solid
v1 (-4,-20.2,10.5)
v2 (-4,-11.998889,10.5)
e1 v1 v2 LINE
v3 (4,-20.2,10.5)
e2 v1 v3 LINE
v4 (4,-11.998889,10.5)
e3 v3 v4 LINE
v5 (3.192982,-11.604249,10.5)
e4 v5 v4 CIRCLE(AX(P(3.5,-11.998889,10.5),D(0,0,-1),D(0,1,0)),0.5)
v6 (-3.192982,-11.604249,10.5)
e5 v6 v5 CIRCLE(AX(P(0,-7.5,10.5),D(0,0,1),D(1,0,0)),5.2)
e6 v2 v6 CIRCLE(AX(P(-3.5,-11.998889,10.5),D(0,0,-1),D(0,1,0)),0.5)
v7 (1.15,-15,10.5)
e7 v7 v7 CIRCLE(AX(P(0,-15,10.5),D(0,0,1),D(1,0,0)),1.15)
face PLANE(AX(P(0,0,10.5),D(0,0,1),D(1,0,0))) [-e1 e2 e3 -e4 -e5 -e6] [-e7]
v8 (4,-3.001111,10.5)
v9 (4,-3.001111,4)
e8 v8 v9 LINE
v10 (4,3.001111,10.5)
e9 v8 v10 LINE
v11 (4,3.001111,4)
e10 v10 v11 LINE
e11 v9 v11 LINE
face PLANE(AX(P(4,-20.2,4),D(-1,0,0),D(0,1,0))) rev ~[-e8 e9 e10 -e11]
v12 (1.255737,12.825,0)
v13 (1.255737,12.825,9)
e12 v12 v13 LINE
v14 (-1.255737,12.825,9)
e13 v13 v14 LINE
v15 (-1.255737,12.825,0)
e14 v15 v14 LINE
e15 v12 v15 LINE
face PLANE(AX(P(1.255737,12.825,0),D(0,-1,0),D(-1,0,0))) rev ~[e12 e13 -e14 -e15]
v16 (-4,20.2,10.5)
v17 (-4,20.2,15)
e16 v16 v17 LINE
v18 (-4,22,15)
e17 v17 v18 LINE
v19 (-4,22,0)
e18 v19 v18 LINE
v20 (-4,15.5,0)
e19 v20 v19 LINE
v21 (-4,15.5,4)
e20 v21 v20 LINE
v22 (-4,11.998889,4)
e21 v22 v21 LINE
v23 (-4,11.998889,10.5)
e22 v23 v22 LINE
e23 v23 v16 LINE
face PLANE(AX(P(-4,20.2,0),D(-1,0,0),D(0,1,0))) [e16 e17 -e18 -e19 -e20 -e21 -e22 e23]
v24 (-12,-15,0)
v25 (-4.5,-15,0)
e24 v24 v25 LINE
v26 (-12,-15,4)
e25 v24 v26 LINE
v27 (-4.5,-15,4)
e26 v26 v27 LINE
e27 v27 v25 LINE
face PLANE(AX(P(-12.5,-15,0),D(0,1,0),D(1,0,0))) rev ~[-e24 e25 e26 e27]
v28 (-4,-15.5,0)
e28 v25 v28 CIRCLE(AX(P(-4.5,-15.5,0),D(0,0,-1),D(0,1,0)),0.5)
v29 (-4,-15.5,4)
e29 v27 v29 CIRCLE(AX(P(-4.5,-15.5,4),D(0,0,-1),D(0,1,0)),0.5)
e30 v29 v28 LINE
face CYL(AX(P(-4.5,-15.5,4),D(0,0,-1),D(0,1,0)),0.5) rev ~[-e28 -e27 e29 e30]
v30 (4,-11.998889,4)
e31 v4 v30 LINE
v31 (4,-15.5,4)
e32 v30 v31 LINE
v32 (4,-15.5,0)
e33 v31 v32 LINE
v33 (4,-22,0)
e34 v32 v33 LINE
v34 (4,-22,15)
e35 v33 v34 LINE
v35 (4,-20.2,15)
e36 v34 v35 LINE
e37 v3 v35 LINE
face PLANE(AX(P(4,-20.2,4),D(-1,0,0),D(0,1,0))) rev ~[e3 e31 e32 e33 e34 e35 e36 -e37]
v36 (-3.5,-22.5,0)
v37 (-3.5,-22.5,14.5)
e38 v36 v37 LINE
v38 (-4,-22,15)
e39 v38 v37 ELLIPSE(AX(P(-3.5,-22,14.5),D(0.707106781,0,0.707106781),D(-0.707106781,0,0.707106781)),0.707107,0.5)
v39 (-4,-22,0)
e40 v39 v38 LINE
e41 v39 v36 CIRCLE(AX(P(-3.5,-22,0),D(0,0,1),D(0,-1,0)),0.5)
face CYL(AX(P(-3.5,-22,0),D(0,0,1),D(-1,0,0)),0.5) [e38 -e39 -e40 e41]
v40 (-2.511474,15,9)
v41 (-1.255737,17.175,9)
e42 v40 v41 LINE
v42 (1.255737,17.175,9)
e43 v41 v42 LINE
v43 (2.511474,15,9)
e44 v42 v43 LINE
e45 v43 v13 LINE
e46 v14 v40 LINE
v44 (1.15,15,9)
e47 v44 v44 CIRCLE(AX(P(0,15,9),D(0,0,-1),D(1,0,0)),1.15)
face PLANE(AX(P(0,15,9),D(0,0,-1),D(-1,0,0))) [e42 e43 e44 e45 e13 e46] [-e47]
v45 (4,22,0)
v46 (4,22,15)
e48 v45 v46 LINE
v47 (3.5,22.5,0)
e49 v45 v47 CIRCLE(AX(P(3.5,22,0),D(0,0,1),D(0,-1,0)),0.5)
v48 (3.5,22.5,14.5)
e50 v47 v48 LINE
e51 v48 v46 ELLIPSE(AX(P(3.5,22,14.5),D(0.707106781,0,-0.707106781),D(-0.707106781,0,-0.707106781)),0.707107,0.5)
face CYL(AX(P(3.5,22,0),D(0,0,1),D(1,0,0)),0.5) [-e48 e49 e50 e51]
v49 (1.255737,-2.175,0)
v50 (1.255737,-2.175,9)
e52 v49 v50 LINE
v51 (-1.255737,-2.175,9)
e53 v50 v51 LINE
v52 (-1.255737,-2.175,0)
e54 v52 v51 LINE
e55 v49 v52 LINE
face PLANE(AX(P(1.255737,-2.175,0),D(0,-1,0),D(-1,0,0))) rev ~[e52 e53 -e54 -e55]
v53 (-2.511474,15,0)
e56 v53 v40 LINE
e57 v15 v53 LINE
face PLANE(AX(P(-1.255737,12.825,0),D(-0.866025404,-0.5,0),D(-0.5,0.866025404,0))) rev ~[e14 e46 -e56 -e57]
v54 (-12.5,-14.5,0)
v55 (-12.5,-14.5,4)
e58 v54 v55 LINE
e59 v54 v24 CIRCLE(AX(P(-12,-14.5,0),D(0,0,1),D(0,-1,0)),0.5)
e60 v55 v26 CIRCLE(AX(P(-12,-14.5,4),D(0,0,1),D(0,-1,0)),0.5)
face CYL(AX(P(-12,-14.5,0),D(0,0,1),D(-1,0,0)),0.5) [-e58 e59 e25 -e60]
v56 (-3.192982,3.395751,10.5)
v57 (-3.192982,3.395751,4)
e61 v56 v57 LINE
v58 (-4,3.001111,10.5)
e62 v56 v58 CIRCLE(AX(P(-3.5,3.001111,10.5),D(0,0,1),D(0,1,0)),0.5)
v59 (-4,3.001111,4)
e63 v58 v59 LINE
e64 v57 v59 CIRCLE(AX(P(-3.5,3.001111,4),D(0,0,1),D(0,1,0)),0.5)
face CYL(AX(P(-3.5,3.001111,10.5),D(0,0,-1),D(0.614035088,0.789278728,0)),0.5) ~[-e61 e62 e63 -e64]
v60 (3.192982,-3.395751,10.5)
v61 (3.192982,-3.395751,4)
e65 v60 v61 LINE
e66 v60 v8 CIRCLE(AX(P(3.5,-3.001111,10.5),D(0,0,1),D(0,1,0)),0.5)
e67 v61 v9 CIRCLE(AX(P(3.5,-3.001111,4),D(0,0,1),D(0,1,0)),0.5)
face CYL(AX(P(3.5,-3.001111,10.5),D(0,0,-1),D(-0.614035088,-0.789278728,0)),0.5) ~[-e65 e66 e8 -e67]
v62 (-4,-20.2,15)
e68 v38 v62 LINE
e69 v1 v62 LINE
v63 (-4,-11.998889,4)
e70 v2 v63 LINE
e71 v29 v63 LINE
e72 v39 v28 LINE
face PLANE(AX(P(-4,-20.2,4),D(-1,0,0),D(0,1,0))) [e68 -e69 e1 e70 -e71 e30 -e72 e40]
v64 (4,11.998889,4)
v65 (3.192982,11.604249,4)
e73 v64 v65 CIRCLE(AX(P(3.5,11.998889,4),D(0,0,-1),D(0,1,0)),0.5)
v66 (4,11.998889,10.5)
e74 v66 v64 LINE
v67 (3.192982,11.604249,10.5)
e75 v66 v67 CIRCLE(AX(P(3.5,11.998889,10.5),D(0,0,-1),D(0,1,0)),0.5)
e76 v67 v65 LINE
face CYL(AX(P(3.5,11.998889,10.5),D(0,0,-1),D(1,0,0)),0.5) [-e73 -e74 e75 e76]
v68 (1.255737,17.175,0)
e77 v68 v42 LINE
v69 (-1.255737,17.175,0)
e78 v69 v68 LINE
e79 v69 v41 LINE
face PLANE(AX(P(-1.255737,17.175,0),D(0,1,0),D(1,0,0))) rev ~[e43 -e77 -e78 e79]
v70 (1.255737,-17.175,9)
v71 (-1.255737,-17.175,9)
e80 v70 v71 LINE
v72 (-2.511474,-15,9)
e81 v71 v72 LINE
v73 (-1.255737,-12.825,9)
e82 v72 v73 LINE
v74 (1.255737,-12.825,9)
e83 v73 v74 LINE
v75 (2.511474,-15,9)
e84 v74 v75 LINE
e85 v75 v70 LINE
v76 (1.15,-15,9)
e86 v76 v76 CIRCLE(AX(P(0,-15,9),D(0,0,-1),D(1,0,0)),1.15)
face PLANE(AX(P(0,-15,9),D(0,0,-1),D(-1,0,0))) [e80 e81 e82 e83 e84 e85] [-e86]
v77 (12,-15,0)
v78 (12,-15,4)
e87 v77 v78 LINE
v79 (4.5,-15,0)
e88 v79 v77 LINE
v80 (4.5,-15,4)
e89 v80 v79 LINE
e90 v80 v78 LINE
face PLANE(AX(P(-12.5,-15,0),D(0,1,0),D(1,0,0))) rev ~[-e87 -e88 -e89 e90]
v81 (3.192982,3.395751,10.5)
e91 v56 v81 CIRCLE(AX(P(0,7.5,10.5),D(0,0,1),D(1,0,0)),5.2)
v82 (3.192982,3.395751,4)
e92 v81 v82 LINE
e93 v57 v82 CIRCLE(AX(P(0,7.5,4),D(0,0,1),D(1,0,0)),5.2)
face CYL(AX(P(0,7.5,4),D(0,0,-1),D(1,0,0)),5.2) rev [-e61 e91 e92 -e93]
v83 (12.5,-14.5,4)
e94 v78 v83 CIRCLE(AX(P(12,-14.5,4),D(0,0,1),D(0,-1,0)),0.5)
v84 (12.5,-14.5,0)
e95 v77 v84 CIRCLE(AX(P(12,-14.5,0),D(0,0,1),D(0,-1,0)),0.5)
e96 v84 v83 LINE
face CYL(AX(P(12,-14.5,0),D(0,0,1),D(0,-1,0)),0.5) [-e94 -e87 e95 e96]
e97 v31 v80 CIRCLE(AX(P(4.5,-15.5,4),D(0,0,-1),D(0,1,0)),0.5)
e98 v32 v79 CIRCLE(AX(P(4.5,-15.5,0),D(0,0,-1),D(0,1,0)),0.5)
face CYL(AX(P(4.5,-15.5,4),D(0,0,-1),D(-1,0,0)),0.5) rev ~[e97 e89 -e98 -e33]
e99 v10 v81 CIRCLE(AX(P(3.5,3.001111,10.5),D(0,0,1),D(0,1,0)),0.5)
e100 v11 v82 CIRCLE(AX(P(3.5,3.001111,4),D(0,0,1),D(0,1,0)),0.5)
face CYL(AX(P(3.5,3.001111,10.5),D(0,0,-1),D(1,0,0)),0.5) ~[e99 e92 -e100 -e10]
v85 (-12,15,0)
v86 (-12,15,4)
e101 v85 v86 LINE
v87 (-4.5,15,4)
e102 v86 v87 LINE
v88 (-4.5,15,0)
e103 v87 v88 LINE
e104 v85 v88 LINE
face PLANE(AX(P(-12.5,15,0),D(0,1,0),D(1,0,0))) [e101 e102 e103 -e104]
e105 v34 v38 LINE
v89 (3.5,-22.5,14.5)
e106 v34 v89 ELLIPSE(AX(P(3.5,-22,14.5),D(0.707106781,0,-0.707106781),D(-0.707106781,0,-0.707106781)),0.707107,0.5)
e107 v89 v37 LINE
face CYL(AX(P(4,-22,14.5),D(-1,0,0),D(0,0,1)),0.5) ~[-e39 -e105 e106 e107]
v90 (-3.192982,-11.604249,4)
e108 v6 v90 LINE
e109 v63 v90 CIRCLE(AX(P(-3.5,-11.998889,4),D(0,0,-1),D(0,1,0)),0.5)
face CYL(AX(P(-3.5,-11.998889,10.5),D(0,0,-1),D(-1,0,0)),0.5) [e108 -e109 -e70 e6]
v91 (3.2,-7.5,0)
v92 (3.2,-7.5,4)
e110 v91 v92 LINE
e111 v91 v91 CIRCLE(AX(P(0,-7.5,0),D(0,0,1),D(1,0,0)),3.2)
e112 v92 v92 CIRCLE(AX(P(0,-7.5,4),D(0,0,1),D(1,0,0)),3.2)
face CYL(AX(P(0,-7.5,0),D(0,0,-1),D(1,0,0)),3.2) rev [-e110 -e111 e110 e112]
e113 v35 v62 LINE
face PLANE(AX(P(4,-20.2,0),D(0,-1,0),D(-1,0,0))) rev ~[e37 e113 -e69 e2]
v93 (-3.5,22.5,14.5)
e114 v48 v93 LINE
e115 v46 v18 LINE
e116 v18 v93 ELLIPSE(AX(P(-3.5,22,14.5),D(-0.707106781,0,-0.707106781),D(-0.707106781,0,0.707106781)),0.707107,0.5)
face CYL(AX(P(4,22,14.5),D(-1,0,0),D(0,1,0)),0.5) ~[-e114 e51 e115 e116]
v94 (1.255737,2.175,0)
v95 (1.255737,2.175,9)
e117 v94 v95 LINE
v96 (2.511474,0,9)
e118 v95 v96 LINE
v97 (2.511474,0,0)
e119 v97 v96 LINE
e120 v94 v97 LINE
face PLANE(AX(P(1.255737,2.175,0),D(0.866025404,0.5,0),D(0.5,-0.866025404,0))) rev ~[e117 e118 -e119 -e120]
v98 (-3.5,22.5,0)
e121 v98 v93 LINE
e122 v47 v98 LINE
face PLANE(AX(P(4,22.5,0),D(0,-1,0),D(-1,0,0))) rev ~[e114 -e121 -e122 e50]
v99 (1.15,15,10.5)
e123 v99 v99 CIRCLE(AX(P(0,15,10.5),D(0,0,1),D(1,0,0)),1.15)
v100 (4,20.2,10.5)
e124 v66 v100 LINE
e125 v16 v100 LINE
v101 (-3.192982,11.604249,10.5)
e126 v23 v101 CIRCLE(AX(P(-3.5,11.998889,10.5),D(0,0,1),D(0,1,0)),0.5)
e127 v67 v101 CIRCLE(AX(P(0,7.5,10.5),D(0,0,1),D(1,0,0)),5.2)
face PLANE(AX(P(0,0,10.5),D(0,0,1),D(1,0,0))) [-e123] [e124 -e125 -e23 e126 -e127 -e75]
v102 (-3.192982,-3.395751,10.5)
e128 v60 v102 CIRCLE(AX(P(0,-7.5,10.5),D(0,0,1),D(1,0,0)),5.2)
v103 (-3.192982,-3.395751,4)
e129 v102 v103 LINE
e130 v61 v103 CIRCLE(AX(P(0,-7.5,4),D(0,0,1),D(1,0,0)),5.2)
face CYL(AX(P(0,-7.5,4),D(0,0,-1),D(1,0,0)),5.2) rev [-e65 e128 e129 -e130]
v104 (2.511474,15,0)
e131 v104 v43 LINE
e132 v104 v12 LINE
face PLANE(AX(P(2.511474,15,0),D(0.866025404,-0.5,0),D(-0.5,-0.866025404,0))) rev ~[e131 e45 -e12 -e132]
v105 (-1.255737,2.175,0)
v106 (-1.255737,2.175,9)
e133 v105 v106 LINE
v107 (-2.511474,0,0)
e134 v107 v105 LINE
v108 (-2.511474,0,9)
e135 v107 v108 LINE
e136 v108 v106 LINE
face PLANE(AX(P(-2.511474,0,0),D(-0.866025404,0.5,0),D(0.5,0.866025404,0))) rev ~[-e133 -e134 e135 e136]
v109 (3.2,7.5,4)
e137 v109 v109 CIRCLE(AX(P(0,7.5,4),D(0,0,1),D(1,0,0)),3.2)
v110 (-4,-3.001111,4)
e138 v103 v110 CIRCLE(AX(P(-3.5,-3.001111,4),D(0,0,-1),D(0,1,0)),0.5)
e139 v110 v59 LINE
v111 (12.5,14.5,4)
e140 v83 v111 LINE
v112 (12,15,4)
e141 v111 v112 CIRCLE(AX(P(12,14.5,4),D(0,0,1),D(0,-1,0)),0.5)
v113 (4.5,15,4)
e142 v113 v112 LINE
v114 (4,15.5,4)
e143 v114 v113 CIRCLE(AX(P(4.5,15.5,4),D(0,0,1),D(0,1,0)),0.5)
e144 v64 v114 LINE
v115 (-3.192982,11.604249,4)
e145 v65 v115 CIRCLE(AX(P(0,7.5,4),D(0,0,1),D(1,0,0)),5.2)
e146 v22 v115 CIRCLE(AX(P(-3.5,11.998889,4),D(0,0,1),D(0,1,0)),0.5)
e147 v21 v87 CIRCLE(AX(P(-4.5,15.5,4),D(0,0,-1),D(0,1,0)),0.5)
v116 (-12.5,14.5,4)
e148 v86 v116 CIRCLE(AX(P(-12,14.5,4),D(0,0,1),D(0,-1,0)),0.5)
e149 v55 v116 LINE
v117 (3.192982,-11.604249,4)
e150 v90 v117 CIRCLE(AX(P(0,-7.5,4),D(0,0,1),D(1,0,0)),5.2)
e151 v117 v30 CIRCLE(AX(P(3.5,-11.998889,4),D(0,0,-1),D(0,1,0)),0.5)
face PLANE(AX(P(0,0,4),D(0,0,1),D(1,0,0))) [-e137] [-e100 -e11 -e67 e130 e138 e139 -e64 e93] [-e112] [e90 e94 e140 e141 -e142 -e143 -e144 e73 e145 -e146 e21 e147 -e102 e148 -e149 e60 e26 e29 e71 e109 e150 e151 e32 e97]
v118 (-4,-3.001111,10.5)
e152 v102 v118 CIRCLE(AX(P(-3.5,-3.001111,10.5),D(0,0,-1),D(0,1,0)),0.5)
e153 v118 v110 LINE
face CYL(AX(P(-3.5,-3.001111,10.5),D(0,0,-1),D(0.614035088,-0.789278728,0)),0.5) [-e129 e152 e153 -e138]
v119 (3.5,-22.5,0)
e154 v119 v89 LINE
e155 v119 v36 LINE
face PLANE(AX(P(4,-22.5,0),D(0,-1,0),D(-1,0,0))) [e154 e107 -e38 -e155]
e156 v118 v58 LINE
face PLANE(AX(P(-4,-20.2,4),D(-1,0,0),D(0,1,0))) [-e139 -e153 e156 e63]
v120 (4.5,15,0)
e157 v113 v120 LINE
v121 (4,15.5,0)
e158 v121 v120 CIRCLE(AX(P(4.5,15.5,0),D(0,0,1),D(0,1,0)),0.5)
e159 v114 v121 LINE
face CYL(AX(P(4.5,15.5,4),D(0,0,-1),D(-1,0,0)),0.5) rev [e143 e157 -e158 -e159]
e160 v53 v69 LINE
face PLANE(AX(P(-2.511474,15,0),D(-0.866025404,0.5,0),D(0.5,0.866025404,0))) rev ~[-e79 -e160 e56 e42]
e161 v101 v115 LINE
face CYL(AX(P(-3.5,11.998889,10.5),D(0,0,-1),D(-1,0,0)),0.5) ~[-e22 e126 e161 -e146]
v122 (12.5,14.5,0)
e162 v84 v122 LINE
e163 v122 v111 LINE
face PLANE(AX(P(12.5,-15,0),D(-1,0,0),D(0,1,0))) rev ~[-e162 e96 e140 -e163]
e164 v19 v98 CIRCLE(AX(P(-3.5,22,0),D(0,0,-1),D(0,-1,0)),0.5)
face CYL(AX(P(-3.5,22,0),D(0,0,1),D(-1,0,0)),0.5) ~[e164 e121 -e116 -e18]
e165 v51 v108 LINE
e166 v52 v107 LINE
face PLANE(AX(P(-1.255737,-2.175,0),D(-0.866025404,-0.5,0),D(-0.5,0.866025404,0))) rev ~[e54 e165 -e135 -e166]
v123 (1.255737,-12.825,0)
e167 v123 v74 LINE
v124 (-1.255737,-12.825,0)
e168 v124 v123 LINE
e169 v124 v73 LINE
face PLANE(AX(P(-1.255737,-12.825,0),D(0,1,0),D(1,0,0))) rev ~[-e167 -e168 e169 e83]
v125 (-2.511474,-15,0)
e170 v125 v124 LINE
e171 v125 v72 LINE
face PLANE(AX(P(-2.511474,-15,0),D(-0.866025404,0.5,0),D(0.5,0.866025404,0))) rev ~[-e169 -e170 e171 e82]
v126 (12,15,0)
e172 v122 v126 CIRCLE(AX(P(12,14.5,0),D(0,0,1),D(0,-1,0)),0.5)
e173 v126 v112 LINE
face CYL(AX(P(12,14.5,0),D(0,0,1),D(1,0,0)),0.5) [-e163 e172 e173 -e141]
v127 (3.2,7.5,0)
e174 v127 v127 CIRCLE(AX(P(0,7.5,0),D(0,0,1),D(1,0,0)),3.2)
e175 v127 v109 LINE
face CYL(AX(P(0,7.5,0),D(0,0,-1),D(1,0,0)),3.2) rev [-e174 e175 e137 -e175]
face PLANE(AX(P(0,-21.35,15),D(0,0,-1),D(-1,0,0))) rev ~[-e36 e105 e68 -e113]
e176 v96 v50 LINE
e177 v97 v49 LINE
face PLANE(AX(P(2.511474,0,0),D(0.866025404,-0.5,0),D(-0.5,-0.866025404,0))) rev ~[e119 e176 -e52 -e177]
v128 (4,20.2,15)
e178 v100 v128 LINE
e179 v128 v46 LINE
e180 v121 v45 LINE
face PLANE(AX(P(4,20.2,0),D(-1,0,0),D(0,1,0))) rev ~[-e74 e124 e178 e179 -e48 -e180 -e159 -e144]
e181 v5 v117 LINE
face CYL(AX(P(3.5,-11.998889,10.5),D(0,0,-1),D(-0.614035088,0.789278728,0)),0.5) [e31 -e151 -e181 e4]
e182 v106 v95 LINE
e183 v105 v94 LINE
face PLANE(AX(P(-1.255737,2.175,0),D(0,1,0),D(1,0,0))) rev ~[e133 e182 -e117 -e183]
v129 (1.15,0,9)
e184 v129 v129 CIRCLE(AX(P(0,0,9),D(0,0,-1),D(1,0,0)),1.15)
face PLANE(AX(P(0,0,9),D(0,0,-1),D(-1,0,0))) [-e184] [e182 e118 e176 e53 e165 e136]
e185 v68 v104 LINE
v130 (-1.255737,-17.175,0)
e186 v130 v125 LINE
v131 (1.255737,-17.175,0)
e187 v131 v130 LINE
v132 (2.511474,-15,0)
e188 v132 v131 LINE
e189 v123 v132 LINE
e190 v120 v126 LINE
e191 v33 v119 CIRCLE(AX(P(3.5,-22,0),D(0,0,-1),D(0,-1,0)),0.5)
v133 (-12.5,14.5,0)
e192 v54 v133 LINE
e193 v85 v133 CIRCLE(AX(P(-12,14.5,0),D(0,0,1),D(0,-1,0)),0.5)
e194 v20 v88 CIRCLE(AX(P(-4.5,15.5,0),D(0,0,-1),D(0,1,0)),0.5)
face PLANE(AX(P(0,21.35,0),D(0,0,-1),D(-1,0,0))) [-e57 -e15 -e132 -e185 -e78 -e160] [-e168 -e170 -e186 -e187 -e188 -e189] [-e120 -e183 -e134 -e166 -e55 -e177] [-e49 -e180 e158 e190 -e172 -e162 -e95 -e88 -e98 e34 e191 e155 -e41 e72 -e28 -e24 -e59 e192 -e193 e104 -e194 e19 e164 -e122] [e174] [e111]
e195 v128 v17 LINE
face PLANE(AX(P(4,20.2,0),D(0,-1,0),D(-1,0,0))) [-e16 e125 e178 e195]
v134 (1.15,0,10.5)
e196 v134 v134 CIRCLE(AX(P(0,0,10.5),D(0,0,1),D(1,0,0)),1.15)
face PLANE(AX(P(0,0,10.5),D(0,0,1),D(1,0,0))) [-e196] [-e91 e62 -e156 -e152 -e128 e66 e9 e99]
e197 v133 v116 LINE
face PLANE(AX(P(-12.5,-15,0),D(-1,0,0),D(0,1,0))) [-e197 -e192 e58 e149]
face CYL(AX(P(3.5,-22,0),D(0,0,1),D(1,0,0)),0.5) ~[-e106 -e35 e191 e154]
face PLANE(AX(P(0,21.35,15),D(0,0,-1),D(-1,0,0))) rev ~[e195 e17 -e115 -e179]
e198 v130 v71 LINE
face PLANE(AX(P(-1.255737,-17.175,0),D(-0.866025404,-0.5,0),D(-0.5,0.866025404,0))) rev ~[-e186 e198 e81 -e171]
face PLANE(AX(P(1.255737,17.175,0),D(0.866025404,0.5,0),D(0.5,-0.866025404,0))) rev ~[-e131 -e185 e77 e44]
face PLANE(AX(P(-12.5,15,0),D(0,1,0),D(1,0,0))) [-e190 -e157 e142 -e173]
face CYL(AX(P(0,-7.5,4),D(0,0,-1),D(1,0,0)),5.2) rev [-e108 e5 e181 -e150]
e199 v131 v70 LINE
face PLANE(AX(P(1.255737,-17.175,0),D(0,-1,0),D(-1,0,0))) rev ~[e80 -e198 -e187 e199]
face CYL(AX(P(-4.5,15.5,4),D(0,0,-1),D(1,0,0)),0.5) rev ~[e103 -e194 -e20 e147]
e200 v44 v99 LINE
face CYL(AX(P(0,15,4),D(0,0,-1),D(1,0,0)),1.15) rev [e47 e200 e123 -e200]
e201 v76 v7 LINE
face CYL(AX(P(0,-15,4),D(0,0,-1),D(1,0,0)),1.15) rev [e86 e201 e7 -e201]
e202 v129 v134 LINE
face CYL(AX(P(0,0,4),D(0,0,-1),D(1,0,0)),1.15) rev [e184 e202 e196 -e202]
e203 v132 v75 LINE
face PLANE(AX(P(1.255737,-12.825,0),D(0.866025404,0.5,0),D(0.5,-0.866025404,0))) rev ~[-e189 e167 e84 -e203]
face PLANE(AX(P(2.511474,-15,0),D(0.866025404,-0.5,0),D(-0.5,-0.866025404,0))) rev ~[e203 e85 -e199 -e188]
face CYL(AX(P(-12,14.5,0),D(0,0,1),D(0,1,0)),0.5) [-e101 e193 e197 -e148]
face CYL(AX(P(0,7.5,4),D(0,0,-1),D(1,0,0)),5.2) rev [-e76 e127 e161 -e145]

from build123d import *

# Parameters (mm, degrees)
SKETCH_1_W          = 25
SKETCH_1_H          = 30
SKETCH_1_R          = 3.2
EXTRUDE_1_DEPTH     = 4
SKETCH_2_W          = 8
SKETCH_2_H          = 40.4
SKETCH_2_R          = 1.15
EXTRUDE_2_DEPTH     = 6.5
SKETCH_5_R          = 5.2
CUT_EXTRUDE_1_DEPTH = 6.5
SKETCH_6_W          = 8
SKETCH_6_H          = 5.2
EXTRUDE_4_DEPTH     = 4
CUT_EXTRUDE_2_DEPTH = 9
SKETCH_8_W          = 8
SKETCH_8_H          = 2.3
EXTRUDE_5_DEPTH     = 15
FILLET_2_R          = 0.5


with BuildPart() as part:
    # 스케치1 → 보스-돌출1 (new body)
    with BuildSketch(Plane.XY):
        Rectangle(SKETCH_1_W, SKETCH_1_H)
        with Locations((0, 7.5)):
            Circle(SKETCH_1_R, mode=Mode.SUBTRACT)
        with Locations((0, -7.5)):
            Circle(SKETCH_1_R, mode=Mode.SUBTRACT)
    extrude(amount=EXTRUDE_1_DEPTH)

    # 스케치2 → 보스-돌출2 (add)
    with BuildSketch(Plane.XY.offset(4)):
        Rectangle(SKETCH_2_W, SKETCH_2_H)
        Circle(SKETCH_2_R, mode=Mode.SUBTRACT)
        with Locations((0, 15)):
            Circle(SKETCH_2_R, mode=Mode.SUBTRACT)
        with Locations((0, -15)):
            Circle(SKETCH_2_R, mode=Mode.SUBTRACT)
    extrude(amount=EXTRUDE_2_DEPTH)

    # 스케치5 → 컷-돌출1 (cut)
    with BuildSketch(Plane.XY.offset(4)):
        with Locations((0, 7.5)):
            Circle(SKETCH_5_R)
        with Locations((0, -7.5)):
            Circle(SKETCH_5_R)
    extrude(amount=CUT_EXTRUDE_1_DEPTH, mode=Mode.SUBTRACT)

    # 스케치6 → 보스-돌출4 (add)
    with BuildSketch(Plane(origin=(0, 0, 4), x_dir=(-1, 0, 0), z_dir=(0, 0, -1))):
        with Locations((0, 17.6)):
            Rectangle(SKETCH_6_W, SKETCH_6_H)
        with Locations((0, -17.6)):
            Rectangle(SKETCH_6_W, SKETCH_6_H)
    extrude(amount=EXTRUDE_4_DEPTH)

    # 스케치7 → 컷-돌출2 (cut)
    with BuildSketch(Plane(origin=(0, 0, 0), x_dir=(-1, 0, 0), z_dir=(0, 0, -1))):
        Polygon((2.511473671, 15), (1.255736835, 17.175), (-1.255736835, 17.175), (-2.511473671, 15), (-1.255736835, 12.825), (1.255736835, 12.825), align=None)
        Polygon((2.511473671, 0), (1.255736835, 2.175), (-1.255736835, 2.175), (-2.511473671, 0), (-1.255736835, -2.175), (1.255736835, -2.175), align=None)
        Polygon((2.511473671, -15), (1.255736835, -12.825), (-1.255736835, -12.825), (-2.511473671, -15), (-1.255736835, -17.175), (1.255736835, -17.175), align=None)
    extrude(amount=-CUT_EXTRUDE_2_DEPTH, mode=Mode.SUBTRACT)

    # 스케치8 → 보스-돌출5 (add)
    with BuildSketch(Plane(origin=(0, 0, 0), x_dir=(-1, 0, 0), z_dir=(0, 0, -1))):
        with Locations((0, 21.35)):
            Rectangle(SKETCH_8_W, SKETCH_8_H)
        with Locations((0, -21.35)):
            Rectangle(SKETCH_8_W, SKETCH_8_H)
    extrude(amount=-EXTRUDE_5_DEPTH)

    # 필렛2
    fillet_2_edges = [part.edges().sort_by_distance(p)[0] for p in [
        (4, -15, 2),
        (-4, -15, 2),
        (-4, 22.5, 7.5),
        (0, 22.5, 15),
        (4, 22.5, 7.5),
        (0, -22.5, 15),
        (-4, -22.5, 7.5),
        (4, -22.5, 7.5),
        (-4, 4.177350455, 7.25),
        (-4, 10.822649545, 7.25),
        (4, 10.822649545, 7.25),
        (4, 4.177350455, 7.25),
        (-12.5, 15, 2),
        (12.5, 15, 2),
        (-4, -10.822649545, 7.25),
        (-4, -4.177350455, 7.25),
        (12.5, -15, 2),
        (4, -4.177350455, 7.25),
        (4, -10.822649545, 7.25),
        (-12.5, -15, 2),
        (-4, 15, 2),
        (4, 15, 2),
    ]]
    fillet(fillet_2_edges, radius=FILLET_2_R)


solid = part.part
